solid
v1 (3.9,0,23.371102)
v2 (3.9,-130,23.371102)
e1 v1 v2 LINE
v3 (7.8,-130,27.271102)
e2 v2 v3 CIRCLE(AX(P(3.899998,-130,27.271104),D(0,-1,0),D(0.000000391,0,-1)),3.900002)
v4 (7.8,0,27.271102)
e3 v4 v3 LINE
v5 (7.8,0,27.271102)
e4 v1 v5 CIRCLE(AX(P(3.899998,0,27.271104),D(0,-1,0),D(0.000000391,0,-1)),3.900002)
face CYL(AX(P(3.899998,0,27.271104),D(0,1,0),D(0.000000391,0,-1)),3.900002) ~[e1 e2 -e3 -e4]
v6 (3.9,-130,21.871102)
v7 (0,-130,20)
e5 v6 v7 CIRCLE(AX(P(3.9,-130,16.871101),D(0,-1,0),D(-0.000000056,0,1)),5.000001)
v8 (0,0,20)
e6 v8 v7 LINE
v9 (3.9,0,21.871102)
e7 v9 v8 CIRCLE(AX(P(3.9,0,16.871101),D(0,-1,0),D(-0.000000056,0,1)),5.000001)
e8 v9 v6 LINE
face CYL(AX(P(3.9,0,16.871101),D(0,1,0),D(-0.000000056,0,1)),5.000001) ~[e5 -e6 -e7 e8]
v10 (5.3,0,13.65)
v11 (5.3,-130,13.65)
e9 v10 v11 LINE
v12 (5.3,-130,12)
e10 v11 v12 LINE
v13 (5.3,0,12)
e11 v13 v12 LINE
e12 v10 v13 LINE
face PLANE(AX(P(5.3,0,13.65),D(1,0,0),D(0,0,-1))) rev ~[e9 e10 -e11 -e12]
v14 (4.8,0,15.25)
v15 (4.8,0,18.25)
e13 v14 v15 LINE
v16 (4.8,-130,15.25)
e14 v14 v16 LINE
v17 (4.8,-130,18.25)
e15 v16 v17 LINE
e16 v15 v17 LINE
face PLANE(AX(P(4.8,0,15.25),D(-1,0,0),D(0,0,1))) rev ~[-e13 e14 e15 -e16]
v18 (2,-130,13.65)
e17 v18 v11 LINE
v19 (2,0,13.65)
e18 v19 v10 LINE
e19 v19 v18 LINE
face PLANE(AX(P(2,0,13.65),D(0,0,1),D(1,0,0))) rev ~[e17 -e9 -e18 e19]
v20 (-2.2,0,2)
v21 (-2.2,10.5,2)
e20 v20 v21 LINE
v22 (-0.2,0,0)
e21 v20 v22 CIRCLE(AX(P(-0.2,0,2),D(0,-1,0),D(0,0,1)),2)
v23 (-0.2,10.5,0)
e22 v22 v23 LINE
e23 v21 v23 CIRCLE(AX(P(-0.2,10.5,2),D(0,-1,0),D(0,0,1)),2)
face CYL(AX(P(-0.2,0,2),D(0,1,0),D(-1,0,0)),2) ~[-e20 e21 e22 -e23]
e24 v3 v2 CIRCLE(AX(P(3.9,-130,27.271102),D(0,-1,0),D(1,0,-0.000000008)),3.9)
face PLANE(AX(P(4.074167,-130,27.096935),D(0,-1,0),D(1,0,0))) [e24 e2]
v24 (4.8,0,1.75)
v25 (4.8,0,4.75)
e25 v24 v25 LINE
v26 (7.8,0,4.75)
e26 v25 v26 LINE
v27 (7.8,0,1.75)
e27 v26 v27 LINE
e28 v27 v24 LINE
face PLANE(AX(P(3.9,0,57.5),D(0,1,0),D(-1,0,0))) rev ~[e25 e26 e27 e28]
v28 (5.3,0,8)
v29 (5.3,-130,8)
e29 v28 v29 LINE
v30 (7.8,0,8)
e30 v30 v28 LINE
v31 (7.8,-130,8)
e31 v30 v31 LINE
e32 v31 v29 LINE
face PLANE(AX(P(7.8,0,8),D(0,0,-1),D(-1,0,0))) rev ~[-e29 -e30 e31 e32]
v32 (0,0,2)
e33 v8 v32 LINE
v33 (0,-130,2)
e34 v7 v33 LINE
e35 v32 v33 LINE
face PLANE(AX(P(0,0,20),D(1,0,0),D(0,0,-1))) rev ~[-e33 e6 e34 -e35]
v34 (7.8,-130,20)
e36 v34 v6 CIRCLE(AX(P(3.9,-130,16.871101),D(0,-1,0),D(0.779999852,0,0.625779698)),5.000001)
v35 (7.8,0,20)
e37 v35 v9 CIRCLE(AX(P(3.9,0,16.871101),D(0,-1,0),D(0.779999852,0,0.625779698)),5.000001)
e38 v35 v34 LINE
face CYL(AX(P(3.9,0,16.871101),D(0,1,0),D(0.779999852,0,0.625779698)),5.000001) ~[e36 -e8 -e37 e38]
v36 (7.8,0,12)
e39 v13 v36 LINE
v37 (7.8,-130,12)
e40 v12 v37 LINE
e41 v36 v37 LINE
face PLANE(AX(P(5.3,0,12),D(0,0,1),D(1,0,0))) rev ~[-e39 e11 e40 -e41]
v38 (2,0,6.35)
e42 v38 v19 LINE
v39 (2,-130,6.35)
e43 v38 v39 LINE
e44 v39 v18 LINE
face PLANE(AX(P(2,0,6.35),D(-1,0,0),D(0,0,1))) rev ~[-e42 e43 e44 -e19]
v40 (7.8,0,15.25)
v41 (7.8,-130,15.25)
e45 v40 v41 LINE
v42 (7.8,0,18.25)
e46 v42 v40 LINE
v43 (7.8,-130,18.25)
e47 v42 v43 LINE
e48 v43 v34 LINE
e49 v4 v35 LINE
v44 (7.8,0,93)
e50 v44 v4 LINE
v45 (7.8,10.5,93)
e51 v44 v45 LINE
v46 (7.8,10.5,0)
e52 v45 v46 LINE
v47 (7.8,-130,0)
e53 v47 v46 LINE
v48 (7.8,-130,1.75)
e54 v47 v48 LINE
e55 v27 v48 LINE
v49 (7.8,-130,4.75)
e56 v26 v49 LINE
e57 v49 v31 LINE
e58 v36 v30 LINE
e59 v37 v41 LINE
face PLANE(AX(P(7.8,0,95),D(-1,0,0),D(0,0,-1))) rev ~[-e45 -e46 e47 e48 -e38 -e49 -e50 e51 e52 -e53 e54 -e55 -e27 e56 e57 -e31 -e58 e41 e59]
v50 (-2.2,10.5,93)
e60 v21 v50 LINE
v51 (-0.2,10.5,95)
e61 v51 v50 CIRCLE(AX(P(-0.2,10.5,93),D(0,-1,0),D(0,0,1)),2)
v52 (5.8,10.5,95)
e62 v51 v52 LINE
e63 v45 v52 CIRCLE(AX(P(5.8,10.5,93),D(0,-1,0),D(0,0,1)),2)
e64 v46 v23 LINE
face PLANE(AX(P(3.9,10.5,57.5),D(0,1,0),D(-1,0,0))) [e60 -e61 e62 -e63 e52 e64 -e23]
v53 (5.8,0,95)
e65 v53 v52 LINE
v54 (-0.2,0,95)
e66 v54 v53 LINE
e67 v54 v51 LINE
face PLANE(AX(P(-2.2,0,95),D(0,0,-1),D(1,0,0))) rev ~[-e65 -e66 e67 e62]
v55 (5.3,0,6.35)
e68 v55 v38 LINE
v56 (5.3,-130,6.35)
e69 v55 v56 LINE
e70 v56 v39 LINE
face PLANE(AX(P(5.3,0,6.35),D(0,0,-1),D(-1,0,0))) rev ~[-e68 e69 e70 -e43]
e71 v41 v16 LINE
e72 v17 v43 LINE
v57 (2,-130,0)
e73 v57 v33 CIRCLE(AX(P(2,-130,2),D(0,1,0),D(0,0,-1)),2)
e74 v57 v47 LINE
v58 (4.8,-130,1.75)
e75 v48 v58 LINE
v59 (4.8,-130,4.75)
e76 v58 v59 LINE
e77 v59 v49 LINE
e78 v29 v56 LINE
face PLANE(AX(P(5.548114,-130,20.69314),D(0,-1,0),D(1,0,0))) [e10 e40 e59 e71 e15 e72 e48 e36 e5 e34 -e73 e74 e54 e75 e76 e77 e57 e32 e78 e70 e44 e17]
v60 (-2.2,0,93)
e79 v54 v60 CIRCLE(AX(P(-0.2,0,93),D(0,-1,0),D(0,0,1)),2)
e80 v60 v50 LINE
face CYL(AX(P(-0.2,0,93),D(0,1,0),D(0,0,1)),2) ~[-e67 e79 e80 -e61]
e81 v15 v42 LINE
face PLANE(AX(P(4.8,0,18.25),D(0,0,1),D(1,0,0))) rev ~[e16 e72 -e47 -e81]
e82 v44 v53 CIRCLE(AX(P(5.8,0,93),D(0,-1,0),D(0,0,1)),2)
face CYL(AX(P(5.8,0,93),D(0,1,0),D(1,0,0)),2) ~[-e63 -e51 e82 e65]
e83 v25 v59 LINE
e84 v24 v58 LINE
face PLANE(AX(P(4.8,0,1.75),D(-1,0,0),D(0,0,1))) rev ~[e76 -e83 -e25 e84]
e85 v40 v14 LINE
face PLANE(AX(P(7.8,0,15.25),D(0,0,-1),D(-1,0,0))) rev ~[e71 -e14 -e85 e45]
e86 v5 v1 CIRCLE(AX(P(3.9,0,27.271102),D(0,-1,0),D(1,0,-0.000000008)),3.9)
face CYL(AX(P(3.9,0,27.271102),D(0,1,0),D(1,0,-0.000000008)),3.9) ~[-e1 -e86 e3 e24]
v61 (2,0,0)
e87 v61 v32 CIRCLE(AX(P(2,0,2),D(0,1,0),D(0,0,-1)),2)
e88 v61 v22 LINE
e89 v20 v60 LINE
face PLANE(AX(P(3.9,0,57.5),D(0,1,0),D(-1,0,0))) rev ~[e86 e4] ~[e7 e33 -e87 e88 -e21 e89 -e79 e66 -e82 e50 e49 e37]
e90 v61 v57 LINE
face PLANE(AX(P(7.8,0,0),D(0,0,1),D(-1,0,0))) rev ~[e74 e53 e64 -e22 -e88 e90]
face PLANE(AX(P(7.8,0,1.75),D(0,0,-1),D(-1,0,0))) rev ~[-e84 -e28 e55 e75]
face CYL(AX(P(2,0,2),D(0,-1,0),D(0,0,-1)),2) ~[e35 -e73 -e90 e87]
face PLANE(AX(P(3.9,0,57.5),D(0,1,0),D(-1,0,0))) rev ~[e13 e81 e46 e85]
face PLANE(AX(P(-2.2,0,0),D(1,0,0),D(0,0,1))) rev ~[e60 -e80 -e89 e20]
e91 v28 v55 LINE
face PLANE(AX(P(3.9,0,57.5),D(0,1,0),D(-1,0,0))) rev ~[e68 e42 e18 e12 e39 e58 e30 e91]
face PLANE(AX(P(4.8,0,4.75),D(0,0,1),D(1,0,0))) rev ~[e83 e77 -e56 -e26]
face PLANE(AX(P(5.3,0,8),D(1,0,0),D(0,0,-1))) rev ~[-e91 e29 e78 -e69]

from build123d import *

# Parameters (mm, degrees)
F1_DEPTH = 130
F2_W     = 7.8
F2_H     = 75
F2_H_2   = 20
F3_DEPTH = 10.5
F5_DEPTH = 130
F6_R     = 2
F7_R     = 2


with BuildPart() as f1:
    # F0 (on Front) → F1 (new body)
    with BuildSketch(Plane.XZ):
        Polygon((0, 10), (0, 0), (7.8, 0), (7.8, 1.75), (4.8, 1.75), (4.8, 4.75), (7.8, 4.75), (7.8, 8), (5.3, 8), (5.3, 6.35), (2, 6.35), (2, 10), align=None)
        Polygon((0, 20), (0, 10), (2, 10), (2, 13.65), (5.3, 13.65), (5.3, 12), (7.8, 12), (7.8, 15.25), (4.8, 15.25), (4.8, 18.25), (7.8, 18.25), (7.8, 20), align=None)
    extrude(amount=F1_DEPTH)

    # F2 (on face) → F3 (join)
    with BuildSketch(Plane(origin=(0, 0, 0), x_dir=(-1, 0, 0), z_dir=(0, 1, 0))):
        with Locations((-3.9, 57.5)):
            Rectangle(F2_W, F2_H)
        with Locations((-3.9, 10)):
            Rectangle(F2_W, F2_H_2)
        Polygon((0, 95), (0, 20), (0, 0), (2.2, 0), (2.2, 95), align=None)
    extrude(amount=F3_DEPTH)

    # F4 (on face) → F5 (join, through all)
    with BuildSketch(Plane.XZ):
        with BuildLine():
            Line((3.9, 20), (7.8, 20))
            ThreePointArc((7.8, 20), (6.062812, 21.379122), (3.9, 21.871102))
            Line((3.9, 21.871102), (3.9, 20))
        make_face()
        with BuildLine():
            Line((3.9, 20), (3.9, 21.871102))
            ThreePointArc((3.9, 21.871102), (1.737188, 21.379122), (0, 20))
            Line((0, 20), (3.9, 20))
        make_face()
        with BuildLine():
            ThreePointArc((3.9, 23.371102), (6.657716, 24.513386), (7.8, 27.271102))
            ThreePointArc((7.8, 27.271102), (1.142284, 30.028819), (3.9, 23.371102))
        make_face()
    extrude(amount=F5_DEPTH)

    # F6
    f6_edges = [f1.edges().sort_by_distance(p)[0] for p in [
        (0, -65, 0),
        (7.8, 5.25, 95),
        (-2.2, 5.25, 95),
    ]]
    fillet(f6_edges, radius=F6_R)

    # F7
    f7_edges = [f1.edges().sort_by_distance(p)[0] for p in [
        (-2.2, 5.25, 0),
    ]]
    fillet(f7_edges, radius=F7_R)


solid = f1.part
